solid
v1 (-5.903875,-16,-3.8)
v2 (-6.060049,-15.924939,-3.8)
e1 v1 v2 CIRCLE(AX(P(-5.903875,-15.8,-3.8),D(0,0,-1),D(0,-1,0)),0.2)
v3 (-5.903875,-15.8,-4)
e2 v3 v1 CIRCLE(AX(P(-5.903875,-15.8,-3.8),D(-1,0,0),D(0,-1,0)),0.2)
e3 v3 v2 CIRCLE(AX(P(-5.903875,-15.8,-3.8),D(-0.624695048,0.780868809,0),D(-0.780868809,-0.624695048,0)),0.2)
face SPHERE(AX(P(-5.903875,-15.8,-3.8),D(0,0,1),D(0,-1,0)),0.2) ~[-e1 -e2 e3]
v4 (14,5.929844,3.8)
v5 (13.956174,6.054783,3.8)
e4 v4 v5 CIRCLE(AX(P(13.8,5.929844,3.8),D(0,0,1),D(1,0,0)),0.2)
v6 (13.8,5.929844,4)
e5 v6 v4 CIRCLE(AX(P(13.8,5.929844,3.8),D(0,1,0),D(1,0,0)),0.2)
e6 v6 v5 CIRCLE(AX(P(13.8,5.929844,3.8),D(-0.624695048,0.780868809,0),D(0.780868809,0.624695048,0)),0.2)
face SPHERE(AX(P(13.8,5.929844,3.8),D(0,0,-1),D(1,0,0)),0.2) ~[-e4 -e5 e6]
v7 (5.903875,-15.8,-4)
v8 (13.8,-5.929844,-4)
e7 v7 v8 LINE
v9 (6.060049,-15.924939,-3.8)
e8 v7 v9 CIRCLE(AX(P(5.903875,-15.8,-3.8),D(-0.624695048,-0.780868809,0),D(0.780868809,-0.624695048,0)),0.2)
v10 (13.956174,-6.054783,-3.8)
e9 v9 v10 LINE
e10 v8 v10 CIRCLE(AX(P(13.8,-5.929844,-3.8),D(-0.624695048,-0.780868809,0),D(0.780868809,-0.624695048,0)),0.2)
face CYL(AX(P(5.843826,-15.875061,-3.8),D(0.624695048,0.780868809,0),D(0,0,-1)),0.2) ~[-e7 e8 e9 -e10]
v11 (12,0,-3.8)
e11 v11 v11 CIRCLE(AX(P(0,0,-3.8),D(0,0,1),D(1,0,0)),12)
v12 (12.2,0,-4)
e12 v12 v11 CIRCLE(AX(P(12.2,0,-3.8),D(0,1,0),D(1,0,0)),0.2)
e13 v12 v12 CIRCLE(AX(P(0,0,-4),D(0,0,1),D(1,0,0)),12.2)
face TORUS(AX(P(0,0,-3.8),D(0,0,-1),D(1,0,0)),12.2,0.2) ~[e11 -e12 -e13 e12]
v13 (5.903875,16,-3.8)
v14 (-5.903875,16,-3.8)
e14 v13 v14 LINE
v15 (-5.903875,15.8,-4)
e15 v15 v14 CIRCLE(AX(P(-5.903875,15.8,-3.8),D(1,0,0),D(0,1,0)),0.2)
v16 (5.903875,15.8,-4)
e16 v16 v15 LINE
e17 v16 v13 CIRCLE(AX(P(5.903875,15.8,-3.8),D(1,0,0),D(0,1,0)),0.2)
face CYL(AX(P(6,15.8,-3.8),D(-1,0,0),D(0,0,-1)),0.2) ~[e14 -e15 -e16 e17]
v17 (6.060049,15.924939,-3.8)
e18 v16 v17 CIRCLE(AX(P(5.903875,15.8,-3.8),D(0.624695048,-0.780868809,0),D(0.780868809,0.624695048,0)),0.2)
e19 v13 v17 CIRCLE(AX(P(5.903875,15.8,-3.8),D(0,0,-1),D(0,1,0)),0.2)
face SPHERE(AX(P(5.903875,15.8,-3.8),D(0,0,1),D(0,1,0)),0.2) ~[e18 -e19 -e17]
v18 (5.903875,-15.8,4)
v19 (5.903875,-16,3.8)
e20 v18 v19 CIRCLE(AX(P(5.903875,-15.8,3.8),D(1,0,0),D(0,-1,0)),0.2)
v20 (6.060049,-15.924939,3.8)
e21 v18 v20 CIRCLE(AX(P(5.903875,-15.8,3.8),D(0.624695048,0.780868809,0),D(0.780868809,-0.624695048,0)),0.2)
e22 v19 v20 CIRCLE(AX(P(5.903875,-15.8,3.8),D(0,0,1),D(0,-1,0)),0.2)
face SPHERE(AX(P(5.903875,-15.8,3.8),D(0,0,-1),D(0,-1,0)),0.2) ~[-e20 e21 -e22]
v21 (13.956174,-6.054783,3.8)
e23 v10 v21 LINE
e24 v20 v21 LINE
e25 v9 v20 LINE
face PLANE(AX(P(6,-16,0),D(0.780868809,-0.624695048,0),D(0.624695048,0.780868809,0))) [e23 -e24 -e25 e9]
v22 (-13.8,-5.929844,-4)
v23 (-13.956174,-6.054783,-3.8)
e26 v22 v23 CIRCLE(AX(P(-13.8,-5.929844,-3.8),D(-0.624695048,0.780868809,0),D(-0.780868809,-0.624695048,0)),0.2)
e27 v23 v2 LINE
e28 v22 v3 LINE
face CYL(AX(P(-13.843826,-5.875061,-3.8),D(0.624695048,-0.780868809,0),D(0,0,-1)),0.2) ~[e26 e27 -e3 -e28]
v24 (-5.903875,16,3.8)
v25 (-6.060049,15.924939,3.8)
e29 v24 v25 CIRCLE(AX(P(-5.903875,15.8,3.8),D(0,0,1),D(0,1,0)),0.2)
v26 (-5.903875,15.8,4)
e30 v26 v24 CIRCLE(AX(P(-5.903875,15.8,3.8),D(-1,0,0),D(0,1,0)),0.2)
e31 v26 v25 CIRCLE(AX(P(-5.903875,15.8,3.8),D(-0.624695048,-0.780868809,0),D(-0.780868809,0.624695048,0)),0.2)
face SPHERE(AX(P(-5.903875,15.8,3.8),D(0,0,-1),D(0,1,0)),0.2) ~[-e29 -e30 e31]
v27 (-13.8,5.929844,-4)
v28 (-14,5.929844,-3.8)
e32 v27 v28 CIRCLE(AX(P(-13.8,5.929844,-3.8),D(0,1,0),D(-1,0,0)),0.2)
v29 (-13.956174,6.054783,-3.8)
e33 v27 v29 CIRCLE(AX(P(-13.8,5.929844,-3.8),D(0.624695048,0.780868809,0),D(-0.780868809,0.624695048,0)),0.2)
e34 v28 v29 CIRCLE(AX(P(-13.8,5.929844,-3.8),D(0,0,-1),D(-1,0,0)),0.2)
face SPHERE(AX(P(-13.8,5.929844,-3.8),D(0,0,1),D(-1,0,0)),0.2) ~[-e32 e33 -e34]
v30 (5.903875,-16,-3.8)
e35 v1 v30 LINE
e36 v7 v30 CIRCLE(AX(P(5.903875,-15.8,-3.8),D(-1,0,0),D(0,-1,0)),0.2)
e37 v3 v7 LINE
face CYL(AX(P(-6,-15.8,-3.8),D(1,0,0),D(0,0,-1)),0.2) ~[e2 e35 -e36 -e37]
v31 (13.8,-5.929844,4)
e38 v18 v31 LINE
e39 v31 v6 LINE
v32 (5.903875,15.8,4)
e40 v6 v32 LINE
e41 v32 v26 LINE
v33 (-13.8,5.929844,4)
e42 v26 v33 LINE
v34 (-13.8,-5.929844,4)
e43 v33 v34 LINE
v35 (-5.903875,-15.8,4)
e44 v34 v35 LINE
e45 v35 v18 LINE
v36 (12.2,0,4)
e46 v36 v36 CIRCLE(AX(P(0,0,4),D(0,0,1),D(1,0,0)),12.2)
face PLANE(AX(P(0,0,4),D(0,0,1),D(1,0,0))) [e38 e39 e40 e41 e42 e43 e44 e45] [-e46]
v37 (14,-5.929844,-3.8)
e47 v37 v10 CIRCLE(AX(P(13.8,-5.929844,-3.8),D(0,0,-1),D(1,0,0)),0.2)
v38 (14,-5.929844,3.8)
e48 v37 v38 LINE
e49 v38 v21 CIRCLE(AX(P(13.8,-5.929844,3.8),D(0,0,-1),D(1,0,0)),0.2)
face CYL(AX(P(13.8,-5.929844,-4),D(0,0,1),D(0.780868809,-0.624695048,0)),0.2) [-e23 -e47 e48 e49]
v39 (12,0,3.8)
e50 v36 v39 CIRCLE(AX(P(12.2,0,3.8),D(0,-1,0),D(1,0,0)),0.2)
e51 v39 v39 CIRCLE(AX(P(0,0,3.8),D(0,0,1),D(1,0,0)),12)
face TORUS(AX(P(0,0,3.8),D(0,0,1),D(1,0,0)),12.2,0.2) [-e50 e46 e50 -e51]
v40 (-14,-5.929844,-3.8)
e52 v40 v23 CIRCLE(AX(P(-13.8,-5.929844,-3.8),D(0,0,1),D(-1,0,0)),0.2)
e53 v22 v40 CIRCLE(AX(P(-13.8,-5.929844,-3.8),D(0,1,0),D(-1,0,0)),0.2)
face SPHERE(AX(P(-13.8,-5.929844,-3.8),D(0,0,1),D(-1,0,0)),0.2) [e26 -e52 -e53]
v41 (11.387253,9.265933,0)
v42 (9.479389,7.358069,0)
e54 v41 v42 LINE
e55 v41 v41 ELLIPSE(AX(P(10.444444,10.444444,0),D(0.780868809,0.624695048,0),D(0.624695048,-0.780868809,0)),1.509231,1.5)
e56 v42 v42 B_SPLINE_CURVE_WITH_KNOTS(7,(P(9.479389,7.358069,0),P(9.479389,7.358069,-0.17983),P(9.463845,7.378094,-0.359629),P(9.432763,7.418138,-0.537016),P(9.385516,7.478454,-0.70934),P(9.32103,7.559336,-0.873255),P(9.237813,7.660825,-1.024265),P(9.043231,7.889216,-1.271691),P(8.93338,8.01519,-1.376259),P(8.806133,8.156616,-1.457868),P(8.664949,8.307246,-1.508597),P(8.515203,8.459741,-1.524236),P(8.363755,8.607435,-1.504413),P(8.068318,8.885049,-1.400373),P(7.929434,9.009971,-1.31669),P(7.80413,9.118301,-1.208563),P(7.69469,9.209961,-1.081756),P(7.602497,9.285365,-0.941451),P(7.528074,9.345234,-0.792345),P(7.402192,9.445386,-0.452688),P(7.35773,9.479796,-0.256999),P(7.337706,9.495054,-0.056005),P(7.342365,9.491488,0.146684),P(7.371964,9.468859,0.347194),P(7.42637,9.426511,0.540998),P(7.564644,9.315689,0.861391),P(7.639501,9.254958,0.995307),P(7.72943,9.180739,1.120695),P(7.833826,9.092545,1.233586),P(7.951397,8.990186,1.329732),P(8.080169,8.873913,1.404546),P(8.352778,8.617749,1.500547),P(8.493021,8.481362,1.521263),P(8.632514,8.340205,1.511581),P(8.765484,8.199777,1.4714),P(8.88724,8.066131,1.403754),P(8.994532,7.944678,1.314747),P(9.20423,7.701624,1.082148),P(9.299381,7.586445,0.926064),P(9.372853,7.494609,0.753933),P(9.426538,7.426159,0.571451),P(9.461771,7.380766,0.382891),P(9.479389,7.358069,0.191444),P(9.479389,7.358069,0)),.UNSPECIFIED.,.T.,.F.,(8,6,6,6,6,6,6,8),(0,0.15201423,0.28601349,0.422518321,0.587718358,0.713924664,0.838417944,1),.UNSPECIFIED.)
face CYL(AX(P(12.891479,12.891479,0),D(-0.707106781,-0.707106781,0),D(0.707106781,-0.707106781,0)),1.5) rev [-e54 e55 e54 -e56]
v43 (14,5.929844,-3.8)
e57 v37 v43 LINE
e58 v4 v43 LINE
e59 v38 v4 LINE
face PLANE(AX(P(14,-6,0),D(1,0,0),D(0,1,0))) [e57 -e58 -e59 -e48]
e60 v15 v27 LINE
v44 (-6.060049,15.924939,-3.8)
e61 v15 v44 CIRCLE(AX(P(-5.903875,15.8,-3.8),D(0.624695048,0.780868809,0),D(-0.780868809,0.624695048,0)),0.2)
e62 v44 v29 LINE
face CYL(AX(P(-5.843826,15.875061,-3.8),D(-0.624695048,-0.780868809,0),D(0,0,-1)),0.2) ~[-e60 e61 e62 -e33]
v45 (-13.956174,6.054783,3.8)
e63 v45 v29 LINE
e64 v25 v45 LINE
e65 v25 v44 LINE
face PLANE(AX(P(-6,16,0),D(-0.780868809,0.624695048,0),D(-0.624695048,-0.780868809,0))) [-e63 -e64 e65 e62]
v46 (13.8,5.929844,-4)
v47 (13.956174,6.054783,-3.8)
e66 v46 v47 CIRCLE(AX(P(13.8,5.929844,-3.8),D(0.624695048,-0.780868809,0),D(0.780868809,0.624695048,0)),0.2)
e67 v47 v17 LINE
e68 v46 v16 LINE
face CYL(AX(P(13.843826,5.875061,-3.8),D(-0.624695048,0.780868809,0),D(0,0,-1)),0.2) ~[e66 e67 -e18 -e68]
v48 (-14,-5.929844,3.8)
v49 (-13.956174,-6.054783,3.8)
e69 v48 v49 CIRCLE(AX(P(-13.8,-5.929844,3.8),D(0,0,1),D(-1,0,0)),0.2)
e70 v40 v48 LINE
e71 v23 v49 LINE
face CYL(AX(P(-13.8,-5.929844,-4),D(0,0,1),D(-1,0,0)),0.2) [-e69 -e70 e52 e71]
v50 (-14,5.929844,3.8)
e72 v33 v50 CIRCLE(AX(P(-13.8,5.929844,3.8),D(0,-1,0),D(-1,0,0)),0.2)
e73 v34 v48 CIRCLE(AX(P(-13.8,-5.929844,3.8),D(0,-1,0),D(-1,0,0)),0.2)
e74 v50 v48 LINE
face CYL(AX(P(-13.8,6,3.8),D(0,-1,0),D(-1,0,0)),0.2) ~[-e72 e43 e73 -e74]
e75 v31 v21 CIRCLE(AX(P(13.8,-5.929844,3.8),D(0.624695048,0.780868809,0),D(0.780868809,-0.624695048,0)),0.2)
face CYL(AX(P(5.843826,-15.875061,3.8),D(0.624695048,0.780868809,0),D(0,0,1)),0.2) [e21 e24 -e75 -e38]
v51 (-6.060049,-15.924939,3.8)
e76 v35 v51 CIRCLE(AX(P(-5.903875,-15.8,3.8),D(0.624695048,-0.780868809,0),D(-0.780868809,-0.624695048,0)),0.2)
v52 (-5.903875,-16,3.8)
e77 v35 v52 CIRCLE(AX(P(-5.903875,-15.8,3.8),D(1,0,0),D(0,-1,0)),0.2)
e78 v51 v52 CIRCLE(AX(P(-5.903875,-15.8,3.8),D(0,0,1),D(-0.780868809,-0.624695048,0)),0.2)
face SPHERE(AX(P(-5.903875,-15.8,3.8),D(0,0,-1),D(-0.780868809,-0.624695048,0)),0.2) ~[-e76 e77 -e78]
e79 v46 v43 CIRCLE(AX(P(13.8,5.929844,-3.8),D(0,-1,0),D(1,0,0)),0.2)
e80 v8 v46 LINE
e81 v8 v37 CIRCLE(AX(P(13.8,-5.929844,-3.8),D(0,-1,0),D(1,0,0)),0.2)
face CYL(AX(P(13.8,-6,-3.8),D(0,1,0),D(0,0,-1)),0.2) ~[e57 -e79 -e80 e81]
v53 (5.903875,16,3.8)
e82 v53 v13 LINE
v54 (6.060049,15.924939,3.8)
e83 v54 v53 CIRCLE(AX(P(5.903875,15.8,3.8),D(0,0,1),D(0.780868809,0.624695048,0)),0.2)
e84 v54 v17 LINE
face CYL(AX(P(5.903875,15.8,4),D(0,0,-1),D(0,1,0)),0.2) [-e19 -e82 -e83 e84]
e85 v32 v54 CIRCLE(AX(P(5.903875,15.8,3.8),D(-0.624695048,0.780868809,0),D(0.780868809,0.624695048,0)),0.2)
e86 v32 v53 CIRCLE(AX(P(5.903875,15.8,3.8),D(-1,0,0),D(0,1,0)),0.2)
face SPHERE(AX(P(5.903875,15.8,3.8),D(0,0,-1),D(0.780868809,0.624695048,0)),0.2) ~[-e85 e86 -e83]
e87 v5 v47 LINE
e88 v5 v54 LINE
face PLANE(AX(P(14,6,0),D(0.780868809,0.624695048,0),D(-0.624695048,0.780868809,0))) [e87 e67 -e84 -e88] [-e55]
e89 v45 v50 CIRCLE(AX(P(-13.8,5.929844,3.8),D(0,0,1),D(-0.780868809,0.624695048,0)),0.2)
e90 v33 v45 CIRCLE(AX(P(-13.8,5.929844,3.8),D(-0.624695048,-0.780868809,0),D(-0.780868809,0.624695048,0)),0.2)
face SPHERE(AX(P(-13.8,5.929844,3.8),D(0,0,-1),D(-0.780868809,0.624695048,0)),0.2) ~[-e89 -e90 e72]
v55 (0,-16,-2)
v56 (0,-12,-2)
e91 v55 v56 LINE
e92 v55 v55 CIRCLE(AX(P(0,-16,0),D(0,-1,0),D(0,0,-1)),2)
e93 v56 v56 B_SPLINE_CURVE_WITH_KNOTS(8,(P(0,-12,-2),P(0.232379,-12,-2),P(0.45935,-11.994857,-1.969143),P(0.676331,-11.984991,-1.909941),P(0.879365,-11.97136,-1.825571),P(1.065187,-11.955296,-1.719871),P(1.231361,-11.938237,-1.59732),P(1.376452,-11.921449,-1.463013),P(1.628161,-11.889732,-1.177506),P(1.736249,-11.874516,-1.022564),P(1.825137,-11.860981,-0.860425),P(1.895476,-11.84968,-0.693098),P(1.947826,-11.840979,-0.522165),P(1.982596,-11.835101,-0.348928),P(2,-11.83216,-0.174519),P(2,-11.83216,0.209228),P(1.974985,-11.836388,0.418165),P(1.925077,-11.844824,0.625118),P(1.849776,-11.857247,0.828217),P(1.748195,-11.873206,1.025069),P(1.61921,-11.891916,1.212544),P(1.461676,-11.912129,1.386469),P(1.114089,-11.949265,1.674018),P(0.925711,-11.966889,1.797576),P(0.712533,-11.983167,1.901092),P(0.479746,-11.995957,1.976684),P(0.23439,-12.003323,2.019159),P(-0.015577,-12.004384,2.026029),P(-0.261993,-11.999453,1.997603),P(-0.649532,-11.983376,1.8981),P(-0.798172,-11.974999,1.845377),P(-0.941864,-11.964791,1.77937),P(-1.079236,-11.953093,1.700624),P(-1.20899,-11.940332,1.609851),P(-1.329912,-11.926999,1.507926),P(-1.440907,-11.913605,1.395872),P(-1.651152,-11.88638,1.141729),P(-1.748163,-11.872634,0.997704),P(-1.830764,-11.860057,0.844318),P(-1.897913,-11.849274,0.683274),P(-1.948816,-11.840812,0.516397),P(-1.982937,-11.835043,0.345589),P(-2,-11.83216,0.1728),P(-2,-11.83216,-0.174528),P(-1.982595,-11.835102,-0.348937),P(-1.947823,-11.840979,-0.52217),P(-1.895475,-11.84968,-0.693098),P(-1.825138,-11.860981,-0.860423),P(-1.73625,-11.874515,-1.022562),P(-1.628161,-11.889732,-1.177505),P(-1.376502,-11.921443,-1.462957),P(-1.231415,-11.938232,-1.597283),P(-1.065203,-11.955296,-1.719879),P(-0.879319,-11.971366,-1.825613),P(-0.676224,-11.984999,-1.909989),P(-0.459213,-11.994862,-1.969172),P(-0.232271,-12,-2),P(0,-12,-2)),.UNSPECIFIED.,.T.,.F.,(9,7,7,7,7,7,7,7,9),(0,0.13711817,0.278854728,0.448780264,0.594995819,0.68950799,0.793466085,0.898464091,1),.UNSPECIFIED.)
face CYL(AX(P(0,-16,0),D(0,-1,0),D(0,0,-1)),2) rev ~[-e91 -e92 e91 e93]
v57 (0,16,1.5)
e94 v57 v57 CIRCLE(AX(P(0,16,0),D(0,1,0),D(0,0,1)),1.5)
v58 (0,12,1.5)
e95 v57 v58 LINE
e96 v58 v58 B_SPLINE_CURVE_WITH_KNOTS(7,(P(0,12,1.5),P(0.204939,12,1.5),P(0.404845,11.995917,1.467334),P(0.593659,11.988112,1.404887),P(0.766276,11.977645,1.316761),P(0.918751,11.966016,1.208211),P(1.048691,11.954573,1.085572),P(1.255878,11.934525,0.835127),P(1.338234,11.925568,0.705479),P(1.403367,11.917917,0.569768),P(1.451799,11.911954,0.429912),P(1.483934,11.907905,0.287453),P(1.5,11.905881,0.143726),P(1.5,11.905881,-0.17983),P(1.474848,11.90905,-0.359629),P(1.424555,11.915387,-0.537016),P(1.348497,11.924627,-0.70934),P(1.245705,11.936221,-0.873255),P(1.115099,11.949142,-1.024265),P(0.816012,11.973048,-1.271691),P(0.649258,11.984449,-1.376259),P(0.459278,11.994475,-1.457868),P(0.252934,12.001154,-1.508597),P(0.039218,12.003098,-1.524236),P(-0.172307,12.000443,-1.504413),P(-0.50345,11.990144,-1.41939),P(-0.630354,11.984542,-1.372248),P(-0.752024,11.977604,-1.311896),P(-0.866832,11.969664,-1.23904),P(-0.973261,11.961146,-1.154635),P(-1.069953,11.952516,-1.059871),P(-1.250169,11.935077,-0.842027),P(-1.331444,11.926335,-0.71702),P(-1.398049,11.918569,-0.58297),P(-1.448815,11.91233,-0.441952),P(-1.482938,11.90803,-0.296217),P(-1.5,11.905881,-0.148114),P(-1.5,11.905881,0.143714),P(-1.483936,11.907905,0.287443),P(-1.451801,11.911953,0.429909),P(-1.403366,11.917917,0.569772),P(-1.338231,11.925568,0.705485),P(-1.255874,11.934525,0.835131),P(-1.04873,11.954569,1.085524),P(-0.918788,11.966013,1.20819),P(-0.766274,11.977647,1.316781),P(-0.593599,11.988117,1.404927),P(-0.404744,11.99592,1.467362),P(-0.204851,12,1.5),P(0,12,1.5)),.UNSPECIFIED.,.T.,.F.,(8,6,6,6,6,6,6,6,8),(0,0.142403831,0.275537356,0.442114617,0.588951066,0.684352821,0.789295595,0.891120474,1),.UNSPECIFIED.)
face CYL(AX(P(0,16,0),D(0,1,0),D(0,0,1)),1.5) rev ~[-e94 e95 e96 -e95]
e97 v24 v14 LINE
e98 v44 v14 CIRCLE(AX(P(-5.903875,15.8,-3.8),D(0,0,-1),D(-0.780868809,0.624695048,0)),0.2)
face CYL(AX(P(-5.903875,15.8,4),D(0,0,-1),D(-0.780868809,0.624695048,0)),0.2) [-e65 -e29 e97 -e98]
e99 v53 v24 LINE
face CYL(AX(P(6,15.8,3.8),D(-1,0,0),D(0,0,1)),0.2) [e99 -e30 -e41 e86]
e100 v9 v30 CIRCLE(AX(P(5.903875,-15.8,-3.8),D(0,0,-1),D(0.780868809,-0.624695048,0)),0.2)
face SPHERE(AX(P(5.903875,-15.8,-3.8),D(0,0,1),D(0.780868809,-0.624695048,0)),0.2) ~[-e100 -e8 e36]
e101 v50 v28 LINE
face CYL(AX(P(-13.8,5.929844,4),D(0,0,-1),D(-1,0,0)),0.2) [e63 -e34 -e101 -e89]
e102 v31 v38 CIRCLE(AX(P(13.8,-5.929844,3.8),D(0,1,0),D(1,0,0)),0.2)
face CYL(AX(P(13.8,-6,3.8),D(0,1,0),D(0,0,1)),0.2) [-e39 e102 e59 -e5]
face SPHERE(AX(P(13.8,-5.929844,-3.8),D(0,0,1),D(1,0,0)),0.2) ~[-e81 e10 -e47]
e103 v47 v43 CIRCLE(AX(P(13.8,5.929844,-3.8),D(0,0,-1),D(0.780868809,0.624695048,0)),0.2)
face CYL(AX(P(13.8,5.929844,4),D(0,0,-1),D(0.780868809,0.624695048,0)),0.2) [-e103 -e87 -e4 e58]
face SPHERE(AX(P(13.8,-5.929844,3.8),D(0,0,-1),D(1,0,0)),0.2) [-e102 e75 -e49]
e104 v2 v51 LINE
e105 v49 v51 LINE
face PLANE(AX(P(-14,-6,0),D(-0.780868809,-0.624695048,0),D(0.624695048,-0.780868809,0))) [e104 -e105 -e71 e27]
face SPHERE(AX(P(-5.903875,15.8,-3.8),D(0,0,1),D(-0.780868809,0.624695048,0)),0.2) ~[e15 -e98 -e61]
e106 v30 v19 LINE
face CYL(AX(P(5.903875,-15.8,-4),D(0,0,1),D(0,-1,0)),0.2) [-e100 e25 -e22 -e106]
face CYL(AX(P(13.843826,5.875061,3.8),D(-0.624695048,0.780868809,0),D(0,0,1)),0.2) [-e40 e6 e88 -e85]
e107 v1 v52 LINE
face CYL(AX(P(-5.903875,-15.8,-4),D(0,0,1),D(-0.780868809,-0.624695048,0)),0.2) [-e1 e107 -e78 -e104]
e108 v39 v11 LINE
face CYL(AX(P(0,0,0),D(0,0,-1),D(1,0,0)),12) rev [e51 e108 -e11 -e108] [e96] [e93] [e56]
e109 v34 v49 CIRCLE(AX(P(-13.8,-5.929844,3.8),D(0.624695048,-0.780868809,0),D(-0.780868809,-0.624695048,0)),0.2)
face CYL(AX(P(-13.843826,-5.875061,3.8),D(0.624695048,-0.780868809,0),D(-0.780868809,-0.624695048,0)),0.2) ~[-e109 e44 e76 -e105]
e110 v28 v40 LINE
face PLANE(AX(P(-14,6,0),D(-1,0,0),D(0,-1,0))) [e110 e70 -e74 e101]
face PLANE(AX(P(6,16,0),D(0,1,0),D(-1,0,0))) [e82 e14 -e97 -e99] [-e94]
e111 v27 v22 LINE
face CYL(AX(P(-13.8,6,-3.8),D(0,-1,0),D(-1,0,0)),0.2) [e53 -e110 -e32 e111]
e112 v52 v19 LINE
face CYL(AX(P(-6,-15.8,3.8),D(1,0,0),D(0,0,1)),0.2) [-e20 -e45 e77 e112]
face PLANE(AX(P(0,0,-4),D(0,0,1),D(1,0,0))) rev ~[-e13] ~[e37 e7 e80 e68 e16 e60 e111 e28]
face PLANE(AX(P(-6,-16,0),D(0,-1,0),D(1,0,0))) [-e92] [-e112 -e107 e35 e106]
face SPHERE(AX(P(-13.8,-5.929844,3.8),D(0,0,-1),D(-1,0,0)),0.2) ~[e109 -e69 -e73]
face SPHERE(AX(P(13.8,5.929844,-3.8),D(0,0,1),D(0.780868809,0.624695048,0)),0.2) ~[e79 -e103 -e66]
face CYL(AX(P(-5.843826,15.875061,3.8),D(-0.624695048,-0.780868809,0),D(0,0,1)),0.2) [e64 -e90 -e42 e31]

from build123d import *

# Parameters (mm, degrees)
SKETCH1_R           = 12
BOSS_EXTRUDE1_DEPTH = 4
SKETCH3_R           = 1.5
CUT_EXTRUDE1_DEPTH  = 8
SKETCH4_R           = 2
CUT_EXTRUDE2_DEPTH  = 8
FILLET1_R           = 0.2


with BuildPart() as part:
    # Sketch1 → Boss-Extrude1 (new, symmetric)
    with BuildSketch(Plane.XY):
        Polygon((-14, 6), (-14, -6), (-6, -16), (6, -16), (14, -6), (14, 6), (6, 16), (-6, 16), align=None)
        Circle(SKETCH1_R, mode=Mode.SUBTRACT)
    extrude(amount=BOSS_EXTRUDE1_DEPTH, both=True)

    # Sketch2 → Cut-Revolve1 (revolve, cut)
    with BuildSketch(Plane.XY, mode=Mode.PRIVATE) as cut_revolve1_sk:
        Polygon((7.590491025, 7.590491025), (12.891478597, 12.891478597), (11.830818425, 13.952138769), (6.529830853, 8.651151197), align=None)
    revolve(cut_revolve1_sk.sketch.rotate(Axis((7.590491025, 7.590491025, 0), (0.7071067811865511, 0.707106781186544, 0)), 180), axis=Axis((7.590491025, 7.590491025, 0), (0.7071067811865511, 0.707106781186544, 0)), mode=Mode.SUBTRACT)

    # Sketch3 → Cut-Extrude1 (cut)
    with BuildSketch(Plane(origin=(0, 16, 0), x_dir=(1, 0, 0), z_dir=(0, 1, 0))):
        with Locations(Location((0, 0, 0), (0, 0, 270))):
            Circle(SKETCH3_R)
    extrude(amount=-CUT_EXTRUDE1_DEPTH, mode=Mode.SUBTRACT)

    # Sketch4 → Cut-Extrude2 (cut)
    with BuildSketch(Plane.XZ.offset(16)):
        with Locations(Location((0, 0, 0), (0, 0, 270))):
            Circle(SKETCH4_R)
    extrude(amount=-CUT_EXTRUDE2_DEPTH, mode=Mode.SUBTRACT)

    # Fillet1
    fillet1_edges = [part.edges().sort_by_distance(p)[0] for p in [
        (14, 0, -4),
        (10, -11, -4),
        (0, -16, -4),
        (-10, -11, -4),
        (10, -11, 4),
        (-14, -6, 0),
        (-14, 6, 0),
        (-6, 16, 0),
        (6, 16, 0),
        (14, 6, 0),
        (14, -6, 0),
        (6, -16, 0),
        (-6, -16, 0),
        (14, 0, 4),
        (10, 11, 4),
        (-12, 0, -4),
        (-12, 0, 4),
        (0, 16, 4),
        (-10, 11, 4),
        (-14, 0, 4),
        (-10, -11, 4),
        (-14, 0, -4),
        (0, -16, 4),
        (-10, 11, -4),
        (0, 16, -4),
        (10, 11, -4),
    ]]
    fillet(fillet1_edges, radius=FILLET1_R)


solid = part.part
